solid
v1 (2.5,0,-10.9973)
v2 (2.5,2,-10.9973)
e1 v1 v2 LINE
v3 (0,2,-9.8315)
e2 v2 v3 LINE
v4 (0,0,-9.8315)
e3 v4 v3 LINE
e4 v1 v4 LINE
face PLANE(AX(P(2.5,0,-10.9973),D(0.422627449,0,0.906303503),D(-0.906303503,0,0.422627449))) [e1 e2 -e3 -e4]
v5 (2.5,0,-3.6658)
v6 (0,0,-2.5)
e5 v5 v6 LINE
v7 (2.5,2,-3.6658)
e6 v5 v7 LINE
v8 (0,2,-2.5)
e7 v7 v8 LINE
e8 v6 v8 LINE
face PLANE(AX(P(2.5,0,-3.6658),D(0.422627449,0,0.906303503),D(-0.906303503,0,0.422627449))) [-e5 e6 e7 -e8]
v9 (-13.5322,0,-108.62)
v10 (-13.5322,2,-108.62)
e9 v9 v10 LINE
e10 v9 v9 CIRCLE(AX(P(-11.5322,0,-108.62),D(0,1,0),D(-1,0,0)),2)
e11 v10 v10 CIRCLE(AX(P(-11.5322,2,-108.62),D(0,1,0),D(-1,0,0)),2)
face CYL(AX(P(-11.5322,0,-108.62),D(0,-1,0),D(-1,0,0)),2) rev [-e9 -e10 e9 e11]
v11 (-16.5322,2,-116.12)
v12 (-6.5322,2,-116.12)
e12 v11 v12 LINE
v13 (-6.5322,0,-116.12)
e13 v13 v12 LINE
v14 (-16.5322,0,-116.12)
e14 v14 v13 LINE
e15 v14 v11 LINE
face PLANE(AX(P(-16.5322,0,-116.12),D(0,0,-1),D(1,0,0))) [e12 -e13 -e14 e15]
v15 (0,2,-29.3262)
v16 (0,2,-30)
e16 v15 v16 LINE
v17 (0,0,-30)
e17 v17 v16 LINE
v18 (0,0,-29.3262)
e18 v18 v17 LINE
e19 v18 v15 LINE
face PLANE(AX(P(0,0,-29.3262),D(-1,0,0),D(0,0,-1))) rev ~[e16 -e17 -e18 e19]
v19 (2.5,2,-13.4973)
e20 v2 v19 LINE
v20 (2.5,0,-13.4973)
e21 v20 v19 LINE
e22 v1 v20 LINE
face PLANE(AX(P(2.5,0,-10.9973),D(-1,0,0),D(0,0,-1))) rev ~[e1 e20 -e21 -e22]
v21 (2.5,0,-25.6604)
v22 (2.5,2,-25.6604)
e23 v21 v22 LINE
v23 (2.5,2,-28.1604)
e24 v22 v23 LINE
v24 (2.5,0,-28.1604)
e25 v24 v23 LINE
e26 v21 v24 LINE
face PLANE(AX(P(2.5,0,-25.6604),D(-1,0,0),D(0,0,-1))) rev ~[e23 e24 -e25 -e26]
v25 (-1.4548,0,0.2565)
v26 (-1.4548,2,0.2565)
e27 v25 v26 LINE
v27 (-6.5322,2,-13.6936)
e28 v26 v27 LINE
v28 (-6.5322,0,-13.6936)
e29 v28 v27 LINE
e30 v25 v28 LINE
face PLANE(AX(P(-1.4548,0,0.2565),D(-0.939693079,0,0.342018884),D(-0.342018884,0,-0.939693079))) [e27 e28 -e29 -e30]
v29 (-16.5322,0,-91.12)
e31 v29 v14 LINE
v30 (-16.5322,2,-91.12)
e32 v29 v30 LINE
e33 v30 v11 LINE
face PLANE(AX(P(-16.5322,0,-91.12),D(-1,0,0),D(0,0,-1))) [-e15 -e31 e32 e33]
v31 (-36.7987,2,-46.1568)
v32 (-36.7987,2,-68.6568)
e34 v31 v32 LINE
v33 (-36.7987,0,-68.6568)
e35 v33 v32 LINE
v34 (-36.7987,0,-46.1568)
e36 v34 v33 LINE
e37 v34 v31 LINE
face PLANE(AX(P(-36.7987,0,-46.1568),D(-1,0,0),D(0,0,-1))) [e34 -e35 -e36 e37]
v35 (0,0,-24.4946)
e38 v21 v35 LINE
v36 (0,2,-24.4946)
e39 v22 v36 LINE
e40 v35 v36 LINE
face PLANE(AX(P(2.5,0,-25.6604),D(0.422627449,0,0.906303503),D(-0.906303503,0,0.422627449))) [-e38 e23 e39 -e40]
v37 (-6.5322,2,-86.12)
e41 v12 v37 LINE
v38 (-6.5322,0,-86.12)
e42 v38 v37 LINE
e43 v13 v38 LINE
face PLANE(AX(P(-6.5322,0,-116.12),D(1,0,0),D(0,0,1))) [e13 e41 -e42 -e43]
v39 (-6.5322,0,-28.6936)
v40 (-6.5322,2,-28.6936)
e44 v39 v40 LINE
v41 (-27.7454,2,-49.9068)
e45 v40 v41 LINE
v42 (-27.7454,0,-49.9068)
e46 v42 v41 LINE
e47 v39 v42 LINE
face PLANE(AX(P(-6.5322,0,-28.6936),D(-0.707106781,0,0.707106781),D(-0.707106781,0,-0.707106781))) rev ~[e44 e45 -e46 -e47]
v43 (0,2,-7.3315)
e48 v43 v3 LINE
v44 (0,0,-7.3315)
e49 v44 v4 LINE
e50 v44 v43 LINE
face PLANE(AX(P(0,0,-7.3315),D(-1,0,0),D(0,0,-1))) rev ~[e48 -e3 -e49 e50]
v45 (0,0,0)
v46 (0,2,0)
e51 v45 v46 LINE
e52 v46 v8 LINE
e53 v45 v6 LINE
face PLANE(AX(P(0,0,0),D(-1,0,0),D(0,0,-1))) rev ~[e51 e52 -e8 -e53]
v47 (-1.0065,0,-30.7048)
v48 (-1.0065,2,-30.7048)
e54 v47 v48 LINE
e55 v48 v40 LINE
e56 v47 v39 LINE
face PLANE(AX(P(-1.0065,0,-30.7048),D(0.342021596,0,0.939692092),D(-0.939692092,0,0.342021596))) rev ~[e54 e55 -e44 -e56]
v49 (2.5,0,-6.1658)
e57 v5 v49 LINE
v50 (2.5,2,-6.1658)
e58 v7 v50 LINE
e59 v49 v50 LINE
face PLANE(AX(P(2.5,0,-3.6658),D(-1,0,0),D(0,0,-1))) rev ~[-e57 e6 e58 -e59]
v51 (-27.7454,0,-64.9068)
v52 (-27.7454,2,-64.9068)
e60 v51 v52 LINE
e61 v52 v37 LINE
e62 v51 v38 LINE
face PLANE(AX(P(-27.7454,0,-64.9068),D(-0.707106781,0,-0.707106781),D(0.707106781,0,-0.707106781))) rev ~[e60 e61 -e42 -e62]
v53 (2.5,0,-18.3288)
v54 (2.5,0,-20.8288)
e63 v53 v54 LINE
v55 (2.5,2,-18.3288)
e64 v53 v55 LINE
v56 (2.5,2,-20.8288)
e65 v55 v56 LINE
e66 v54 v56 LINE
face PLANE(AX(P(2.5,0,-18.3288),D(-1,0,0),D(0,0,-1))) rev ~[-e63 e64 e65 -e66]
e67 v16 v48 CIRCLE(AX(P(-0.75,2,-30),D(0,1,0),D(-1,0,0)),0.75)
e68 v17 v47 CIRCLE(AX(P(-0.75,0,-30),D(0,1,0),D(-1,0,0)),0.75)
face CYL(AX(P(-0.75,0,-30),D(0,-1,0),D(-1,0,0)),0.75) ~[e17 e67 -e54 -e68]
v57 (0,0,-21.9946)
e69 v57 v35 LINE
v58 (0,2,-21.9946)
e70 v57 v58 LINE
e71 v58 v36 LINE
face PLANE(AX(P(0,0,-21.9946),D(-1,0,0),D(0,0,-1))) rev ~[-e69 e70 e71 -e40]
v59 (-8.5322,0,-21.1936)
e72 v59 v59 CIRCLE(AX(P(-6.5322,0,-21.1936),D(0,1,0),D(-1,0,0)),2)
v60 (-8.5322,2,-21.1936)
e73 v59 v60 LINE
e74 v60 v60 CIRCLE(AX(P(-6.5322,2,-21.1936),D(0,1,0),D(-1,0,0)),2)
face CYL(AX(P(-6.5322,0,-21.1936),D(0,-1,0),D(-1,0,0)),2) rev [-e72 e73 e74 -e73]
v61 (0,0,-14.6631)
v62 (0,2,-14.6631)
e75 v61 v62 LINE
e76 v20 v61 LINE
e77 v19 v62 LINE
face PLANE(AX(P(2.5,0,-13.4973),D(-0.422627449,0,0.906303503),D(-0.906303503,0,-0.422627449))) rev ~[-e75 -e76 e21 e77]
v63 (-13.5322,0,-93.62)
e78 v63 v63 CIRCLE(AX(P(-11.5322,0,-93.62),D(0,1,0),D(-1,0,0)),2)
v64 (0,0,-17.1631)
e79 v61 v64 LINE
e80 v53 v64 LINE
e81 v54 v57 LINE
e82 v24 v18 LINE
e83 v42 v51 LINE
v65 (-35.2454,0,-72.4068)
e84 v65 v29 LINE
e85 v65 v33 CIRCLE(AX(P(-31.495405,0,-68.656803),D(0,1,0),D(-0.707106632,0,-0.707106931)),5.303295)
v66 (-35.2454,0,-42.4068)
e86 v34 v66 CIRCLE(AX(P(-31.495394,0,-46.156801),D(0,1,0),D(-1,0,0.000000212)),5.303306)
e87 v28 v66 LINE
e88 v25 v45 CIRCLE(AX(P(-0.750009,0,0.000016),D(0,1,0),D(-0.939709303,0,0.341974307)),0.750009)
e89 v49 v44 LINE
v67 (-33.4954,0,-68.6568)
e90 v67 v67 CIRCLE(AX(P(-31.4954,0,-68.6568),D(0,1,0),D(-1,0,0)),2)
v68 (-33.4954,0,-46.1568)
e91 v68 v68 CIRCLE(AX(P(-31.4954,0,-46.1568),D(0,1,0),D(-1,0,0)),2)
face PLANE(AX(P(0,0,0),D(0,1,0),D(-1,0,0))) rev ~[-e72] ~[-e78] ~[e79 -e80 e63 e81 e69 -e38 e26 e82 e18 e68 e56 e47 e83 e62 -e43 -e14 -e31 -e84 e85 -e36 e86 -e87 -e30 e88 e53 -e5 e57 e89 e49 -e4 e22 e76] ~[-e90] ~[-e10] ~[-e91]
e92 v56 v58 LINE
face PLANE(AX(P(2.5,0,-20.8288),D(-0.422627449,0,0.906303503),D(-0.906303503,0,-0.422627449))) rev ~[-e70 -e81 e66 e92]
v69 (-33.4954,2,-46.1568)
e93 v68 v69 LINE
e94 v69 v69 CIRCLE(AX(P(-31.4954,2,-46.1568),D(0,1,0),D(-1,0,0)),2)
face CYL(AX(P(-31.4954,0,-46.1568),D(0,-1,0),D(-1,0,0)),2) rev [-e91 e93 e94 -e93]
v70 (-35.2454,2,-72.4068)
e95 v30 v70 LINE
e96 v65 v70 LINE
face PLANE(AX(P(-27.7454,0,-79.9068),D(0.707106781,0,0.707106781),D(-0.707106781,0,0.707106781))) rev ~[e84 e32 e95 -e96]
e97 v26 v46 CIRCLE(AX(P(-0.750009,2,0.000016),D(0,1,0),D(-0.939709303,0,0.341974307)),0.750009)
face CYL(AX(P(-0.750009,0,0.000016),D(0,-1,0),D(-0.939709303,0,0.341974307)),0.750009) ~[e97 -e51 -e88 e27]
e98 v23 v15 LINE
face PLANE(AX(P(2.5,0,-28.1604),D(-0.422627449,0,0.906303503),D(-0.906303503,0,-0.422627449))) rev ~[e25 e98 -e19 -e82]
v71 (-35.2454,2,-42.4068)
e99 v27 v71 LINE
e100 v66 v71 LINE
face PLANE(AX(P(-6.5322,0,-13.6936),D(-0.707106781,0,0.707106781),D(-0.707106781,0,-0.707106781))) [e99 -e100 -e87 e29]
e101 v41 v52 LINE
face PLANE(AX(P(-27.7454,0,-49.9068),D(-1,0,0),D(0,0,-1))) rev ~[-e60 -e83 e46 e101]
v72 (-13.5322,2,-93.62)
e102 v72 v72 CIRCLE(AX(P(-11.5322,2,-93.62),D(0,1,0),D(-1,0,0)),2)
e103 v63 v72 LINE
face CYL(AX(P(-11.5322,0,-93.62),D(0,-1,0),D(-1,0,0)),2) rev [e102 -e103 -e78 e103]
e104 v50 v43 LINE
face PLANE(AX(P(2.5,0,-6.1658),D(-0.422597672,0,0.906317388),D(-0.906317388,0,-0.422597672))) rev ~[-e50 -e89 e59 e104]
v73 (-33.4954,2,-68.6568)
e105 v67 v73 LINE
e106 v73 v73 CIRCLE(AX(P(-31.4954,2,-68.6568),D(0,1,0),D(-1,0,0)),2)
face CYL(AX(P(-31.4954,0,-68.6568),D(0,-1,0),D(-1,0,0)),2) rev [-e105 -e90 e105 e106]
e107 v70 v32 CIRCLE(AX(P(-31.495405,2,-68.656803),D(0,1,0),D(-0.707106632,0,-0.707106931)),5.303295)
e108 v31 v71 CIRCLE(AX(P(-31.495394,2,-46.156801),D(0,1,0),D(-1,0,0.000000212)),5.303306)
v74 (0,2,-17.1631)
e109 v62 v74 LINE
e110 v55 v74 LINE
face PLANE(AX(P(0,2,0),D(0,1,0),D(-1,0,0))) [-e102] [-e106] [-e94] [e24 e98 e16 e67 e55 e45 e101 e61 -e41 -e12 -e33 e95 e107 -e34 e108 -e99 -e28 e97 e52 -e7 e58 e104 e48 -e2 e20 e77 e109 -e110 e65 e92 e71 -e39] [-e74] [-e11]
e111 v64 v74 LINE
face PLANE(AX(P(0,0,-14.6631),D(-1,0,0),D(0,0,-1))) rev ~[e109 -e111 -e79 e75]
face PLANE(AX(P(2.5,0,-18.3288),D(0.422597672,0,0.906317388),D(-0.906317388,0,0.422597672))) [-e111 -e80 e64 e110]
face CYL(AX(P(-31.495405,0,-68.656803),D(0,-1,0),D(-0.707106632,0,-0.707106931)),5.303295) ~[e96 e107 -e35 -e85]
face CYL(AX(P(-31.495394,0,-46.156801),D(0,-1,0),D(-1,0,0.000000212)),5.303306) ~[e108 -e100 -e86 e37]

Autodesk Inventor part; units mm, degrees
ref_plane "YZ Plane" through (0, 0, 0) normal (1, 0, 0) x (0, 1, 0)
ref_plane "XZ Plane" through (0, 0, 0) normal (0, 1, 0) x (-1, 0, 0)
ref_plane "XY Plane" through (0, 0, 0) normal (0, 0, 1) x (1, 0, 0)
sketch "Sketch1" plane through (0, 0, 0) normal (0, 1, 0) x (-1, 0, 0)
  line L0 (0, 0) -> (0, -30)
  line L1 (0, 0) -> (0.75, 0) construction
  arc A0 (1.4548, 0.2565) -> (0, 0) centre (0.75, 0) ccw
  line L2 (1.4548, 0.2565) -> (6.5322, -13.6936)
  line L3 (0, -30) -> (0.75, -30) construction
  circle A1 centre (0.75, -30) radius 0.75
  line L4 (1.0065, -30.7048) -> (6.5322, -28.6936)
  line L5 (6.5322, -13.6936) -> (6.5322, -28.6936) construction
  line L6 (6.5322, -13.6936) -> (35.2454, -42.4068)
  line L7 (6.5322, -13.6936) -> (66.5322, -13.6936) construction
  line L8 (6.5322, -28.6936) -> (27.7454, -49.9068)
  line L9 (6.5322, -28.6936) -> (36.5322, -28.6936) construction
  line L10 (27.7454, -49.9068) -> (27.7454, -64.9068)
  line L11 (27.7454, -64.9068) -> (6.5322, -86.12)
  line L12 (27.7454, -64.9068) -> (57.7454, -64.9068) construction
  line L13 (35.2454, -42.4068) -> (27.7454, -49.9068) construction
  arc A2 (36.7987, -46.1568) -> (35.2454, -42.4068) centre (31.4954, -46.1568) ccw
  line L14 (36.7987, -46.1568) -> (36.7987, -68.6568)
  line L15 (27.7454, -64.9068) -> (27.7454, -79.9068) construction
  line L16 (27.7454, -79.9068) -> (16.5322, -91.12)
  line L17 (27.7454, -79.9068) -> (35.2454, -72.4068)
  line L18 (27.7454, -64.9068) -> (35.2454, -72.4068) construction
  arc A3 (35.2454, -72.4068) -> (36.7987, -68.6568) centre (31.4954, -68.6568) ccw
  line L19 (6.5322, -86.12) -> (16.5322, -86.12) construction
  line L20 (16.5322, -86.12) -> (16.5322, -91.12) construction
  line L21 (16.5322, -116.12) -> (6.5322, -116.12)
  line L22 (6.5322, -116.12) -> (6.5322, -86.12)
  line L23 (16.5322, -91.12) -> (16.5322, -116.12)
  circle A4 centre (11.5322, -93.62) radius 2
  circle A5 centre (11.5322, -108.62) radius 2
  line L24 (0, -3.6658) -> (-2.5, -3.6658)
  line L25 (-2.5, -3.6658) -> (-2.5, -6.1658)
  line L26 (-2.5, -6.1658) -> (0, -6.1658)
  line L27 (0, -6.1658) -> (0, -3.6658)
  line L28 (-2.5, -3.6658) -> (0, -2.5)
  line L29 (-2.5, -6.1658) -> (0, -7.3315)
  line L30 (0, -10.9973) -> (-2.5, -10.9973)
  line L31 (-2.5, -10.9973) -> (-2.5, -13.4973)
  line L32 (-2.5, -13.4973) -> (0, -13.4973)
  line L33 (-2.5, -10.9973) -> (0, -9.8315)
  line L34 (-2.5, -13.4973) -> (0, -14.6631)
  line L35 (-2.5, -18.3288) -> (-2.5, -20.8288)
  line L36 (-2.5, -20.8288) -> (0, -21.9946)
  line L37 (-2.5, -20.8288) -> (0, -20.8288)
  line L38 (0, -18.3288) -> (-2.5, -18.3288)
  line L39 (-2.5, -18.3288) -> (0, -17.1631)
  line L40 (-2.5, -25.6604) -> (0, -24.4946)
  line L41 (0, -25.6604) -> (-2.5, -25.6604)
  line L42 (-2.5, -25.6604) -> (-2.5, -28.1604)
  line L43 (-2.5, -28.1604) -> (0, -28.1604)
  line L44 (-2.5, -28.1604) -> (0, -29.3262)
  circle A6 centre (6.5322, -21.1936) radius 2
  circle A7 centre (31.4954, -46.1568) radius 2
  circle A8 centre (31.4954, -68.6568) radius 2
  dimension "d2" = 30
  dimension "d17" = 0.75
  dimension "d18" = 20
  dimension "d19" = 0.75
  dimension "d20" = 70
  dimension "d21" = 15
  dimension "d28" = 45
  dimension "d29" = 30
  dimension "d30" = 45
  dimension "d31" = 15
  dimension "d34" = 135
  dimension "d35" = 15
  dimension "d36" = 135
  dimension "d38" = 10
  dimension "d39" = 30
  dimension "d40" = 30
  dimension "d41" = 7.5
  dimension "d42" = 5
  dimension "d43" = 7.5
  dimension "d44" = 5
  dimension "d45" = 4
  dimension "d46" = 4
  dimension "d47" = 2.5
  dimension "d48" = 2.5
  dimension "d49" = 25
  dimension "d50" = 25
  dimension "d51" = 2.5
  dimension "d52" = 2.5
  dimension "d53" = 2.5
  dimension "d54" = 25
  dimension "d55" = 25
  dimension "d56" = 2.5
  dimension "d57" = 2.5
  dimension "d58" = 2.5
  dimension "d59" = 25
  dimension "d60" = 25
  dimension "d61" = 2.5
  dimension "d62" = 2.5
  dimension "d63" = 2.5
  dimension "d64" = 25
  dimension "d65" = 25
  dimension "d66" = 2.5
  dimension "d69" = 4
  dimension "d70" = 4
  dimension "d71" = 4
extrude "Extrusion2" add sketch "Sketch1" along normal blind 2
properties part number "claw_gripper"
